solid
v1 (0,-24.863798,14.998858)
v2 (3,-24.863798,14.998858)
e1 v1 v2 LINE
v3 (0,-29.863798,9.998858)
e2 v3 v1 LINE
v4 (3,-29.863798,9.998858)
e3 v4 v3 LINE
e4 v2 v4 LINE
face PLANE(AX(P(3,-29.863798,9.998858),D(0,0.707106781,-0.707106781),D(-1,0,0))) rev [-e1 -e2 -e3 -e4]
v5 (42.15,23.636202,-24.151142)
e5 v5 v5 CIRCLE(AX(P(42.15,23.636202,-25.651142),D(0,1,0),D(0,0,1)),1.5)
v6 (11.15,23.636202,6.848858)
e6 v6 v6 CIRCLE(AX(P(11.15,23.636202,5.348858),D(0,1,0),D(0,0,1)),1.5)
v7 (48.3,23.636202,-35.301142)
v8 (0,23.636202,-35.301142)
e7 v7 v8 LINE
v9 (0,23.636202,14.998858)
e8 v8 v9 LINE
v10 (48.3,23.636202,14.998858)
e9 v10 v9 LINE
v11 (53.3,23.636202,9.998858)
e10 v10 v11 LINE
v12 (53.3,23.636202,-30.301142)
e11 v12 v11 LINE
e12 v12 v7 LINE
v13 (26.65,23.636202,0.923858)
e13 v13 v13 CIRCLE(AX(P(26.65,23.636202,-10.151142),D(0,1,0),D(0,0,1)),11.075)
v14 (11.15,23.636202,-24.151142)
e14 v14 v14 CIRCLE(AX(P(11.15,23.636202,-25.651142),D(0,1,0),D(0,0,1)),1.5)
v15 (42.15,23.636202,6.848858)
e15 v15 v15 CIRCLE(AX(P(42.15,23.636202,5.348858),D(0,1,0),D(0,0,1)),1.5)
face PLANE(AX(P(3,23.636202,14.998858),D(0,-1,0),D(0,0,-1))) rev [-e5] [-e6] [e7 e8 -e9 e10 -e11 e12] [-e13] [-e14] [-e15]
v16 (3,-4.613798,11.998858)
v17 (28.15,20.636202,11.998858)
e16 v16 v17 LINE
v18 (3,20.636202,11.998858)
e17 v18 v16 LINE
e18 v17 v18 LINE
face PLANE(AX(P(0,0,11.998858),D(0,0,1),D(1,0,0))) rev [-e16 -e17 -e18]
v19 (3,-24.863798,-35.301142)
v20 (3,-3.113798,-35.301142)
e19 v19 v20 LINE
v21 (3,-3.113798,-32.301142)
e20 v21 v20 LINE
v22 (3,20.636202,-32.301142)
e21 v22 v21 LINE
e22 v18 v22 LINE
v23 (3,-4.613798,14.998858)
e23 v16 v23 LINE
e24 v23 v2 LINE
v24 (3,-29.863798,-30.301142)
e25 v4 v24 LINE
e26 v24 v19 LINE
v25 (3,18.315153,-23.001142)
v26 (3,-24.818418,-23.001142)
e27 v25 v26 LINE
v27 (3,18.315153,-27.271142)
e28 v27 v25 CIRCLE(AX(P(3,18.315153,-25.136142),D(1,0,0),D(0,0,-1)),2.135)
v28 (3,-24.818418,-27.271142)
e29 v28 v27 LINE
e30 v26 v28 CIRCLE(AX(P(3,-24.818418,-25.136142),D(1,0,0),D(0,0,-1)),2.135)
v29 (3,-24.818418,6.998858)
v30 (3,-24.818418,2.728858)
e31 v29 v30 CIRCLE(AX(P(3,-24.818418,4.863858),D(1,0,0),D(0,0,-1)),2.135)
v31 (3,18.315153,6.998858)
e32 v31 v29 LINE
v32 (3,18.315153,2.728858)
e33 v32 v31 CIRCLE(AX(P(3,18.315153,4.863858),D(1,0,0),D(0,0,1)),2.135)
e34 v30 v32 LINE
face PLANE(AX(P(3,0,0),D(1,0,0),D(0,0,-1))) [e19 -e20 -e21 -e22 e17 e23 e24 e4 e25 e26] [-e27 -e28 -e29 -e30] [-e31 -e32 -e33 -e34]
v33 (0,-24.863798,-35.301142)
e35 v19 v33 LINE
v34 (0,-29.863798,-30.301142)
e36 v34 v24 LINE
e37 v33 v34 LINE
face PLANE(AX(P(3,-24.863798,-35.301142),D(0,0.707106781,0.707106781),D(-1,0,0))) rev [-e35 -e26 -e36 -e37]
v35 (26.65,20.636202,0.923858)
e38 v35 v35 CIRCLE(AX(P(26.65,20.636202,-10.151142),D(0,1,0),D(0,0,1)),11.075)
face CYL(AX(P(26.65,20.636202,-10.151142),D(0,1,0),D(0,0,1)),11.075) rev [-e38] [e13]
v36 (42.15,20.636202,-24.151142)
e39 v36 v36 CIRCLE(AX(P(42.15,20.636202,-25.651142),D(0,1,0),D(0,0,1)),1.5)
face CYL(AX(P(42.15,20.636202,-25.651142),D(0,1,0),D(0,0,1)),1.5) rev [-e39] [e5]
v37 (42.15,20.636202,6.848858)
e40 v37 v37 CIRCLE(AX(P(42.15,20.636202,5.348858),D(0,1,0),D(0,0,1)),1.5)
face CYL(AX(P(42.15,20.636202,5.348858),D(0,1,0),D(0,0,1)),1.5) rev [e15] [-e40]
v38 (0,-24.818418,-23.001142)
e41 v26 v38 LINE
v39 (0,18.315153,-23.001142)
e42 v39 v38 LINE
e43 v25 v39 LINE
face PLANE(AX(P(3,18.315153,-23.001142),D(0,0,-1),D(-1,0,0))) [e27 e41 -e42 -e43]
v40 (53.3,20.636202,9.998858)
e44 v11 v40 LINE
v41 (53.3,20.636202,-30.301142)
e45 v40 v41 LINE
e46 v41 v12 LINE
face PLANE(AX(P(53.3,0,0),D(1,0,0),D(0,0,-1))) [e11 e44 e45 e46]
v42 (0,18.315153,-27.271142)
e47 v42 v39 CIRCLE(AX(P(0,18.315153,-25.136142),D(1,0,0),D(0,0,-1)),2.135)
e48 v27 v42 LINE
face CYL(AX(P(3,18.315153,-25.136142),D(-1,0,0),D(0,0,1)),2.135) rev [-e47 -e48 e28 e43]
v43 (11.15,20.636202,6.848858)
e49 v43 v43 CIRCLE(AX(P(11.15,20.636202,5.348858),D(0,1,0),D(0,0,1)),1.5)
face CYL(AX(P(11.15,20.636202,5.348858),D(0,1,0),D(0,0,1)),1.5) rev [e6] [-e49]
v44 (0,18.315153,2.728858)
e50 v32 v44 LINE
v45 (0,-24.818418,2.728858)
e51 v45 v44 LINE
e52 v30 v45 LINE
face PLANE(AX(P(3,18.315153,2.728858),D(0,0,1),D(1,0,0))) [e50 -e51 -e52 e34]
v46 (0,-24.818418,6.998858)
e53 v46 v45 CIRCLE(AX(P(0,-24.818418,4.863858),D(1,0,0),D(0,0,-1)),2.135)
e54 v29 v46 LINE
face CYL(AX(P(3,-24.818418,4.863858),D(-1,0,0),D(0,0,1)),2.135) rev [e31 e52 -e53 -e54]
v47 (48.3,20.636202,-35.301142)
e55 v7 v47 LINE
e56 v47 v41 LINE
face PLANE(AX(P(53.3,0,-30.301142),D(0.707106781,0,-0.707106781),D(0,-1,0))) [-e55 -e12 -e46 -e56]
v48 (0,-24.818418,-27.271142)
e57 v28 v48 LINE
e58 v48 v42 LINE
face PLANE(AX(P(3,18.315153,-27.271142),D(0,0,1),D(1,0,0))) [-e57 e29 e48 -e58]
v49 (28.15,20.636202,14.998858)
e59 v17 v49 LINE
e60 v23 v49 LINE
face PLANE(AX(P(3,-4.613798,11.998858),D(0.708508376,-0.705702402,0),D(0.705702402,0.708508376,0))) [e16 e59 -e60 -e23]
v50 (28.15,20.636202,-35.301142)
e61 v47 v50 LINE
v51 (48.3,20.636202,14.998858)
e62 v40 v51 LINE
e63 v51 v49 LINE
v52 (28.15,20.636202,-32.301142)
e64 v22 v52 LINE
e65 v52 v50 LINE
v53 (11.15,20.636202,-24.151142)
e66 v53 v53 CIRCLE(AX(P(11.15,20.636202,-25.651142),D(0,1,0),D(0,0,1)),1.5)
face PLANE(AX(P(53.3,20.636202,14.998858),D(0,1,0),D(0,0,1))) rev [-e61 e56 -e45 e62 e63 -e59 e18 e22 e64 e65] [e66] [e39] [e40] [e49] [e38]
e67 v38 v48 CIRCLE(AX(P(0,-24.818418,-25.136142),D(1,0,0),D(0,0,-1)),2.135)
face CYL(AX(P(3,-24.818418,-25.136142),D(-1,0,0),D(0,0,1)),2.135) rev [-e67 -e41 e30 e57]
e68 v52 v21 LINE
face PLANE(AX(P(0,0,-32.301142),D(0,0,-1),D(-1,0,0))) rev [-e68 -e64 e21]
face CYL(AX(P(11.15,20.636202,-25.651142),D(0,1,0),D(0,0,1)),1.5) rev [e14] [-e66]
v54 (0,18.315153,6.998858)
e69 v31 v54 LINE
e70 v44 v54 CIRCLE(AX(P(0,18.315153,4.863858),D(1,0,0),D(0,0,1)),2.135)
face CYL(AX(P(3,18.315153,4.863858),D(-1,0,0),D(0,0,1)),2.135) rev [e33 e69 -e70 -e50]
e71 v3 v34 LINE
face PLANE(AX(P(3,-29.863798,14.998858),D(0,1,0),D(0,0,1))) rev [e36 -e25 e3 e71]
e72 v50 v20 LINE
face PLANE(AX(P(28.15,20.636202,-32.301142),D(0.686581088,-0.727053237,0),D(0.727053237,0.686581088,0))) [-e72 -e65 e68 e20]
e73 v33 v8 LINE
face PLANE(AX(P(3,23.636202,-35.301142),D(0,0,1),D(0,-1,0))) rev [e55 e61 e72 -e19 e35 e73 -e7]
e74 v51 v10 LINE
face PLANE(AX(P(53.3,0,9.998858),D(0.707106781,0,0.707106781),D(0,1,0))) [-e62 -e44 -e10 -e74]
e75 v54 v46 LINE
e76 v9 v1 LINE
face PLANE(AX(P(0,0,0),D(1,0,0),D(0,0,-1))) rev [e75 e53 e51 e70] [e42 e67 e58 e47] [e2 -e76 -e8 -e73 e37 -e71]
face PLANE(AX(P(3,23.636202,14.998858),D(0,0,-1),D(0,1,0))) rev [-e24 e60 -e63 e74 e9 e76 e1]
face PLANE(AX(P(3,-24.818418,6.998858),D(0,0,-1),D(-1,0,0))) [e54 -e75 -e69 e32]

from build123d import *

# Parameters (mm, degrees)
SKETCH1_W           = 50.3
SKETCH1_H           = 53.5
BOSS_EXTRUDE1_DEPTH = 3
SKETCH3_W           = 50.3
SKETCH3_H           = 3
BOSS_EXTRUDE3_DEPTH = 50.3
BOSS_EXTRUDE6_DEPTH = 3
BOSS_EXTRUDE7_DEPTH = 3
SKETCH12_R          = 1.5
SKETCH12_R_2        = 11.075
CUT_EXTRUDE1_DEPTH  = 3
CHAMFER2_SIZE       = 5
CHAMFER3_SIZE       = 5
CHAMFER4_SIZE       = 5
CHAMFER5_SIZE       = 5


with BuildPart() as part:
    # Sketch1 → Boss-Extrude1 (new body)
    with BuildSketch(Plane(origin=(0, 0, 0), x_dir=(0, 0, -1), z_dir=(1, 0, 0))):
        with Locations((10.151141702, -3.113798218)):
            Rectangle(SKETCH1_W, SKETCH1_H)
        with BuildLine():
            Line((-6.998858298, -24.818417552), (-6.998858298, 18.3151534))
            ThreePointArc((-6.998858298, 18.3151534), (-4.863858298, 20.4501534), (-2.728858298, 18.3151534))
            Line((-2.728858298, 18.3151534), (-2.728858298, -24.818417552))
            ThreePointArc((-2.728858298, -24.818417552), (-4.863858298, -26.953417552), (-6.998858298, -24.818417552))
        make_face(mode=Mode.SUBTRACT)
        with BuildLine():
            Line((27.271141702, 18.3151534), (27.271141702, -24.818417552))
            ThreePointArc((27.271141702, -24.818417552), (25.136141702, -26.953417552), (23.001141702, -24.818417552))
            Line((23.001141702, -24.818417552), (23.001141702, 18.3151534))
            ThreePointArc((23.001141702, 18.3151534), (25.136141702, 20.4501534), (27.271141702, 18.3151534))
        make_face(mode=Mode.SUBTRACT)
    extrude(amount=BOSS_EXTRUDE1_DEPTH)

    # Sketch3 → Boss-Extrude3 (add)
    with BuildSketch(Plane(origin=(3, 0, 0), x_dir=(0, 0, -1), z_dir=(1, 0, 0))):
        with Locations((10.151141702, 22.136201782)):
            Rectangle(SKETCH3_W, SKETCH3_H)
    extrude(amount=BOSS_EXTRUDE3_DEPTH)

    # Sketch11 → Boss-Extrude6 (add)
    with BuildSketch(Plane.XY.offset(14.998858298)):
        Polygon((3, 20.636201782), (3, -4.613798218), (28.15, 20.636201782), align=None)
    extrude(amount=-BOSS_EXTRUDE6_DEPTH)

    # Sketch7 → Boss-Extrude7 (add)
    with BuildSketch(Plane(origin=(0, 0, -35.301141702), x_dir=(-1, 0, 0), z_dir=(0, 0, -1))):
        Polygon((-3, 20.636201782), (-28.15, 20.636201782), (-3, -3.113798218), align=None)
    extrude(amount=-BOSS_EXTRUDE7_DEPTH)

    # Sketch12 → Cut-Extrude1 (cut)
    with BuildSketch(Plane(origin=(0, 23.636201782, 0), x_dir=(1, 0, 0), z_dir=(0, 1, 0))):
        with Locations(Location((42.15, 25.651141702, 0), (0, 0, 270))):
            Circle(SKETCH12_R)
        with Locations(Location((42.15, -5.348858298, 0), (0, 0, 270))):
            Circle(SKETCH12_R)
        with Locations(Location((11.15, 25.651141702, 0), (0, 0, 270))):
            Circle(SKETCH12_R)
        with Locations(Location((11.15, -5.348858298, 0), (0, 0, 270))):
            Circle(SKETCH12_R)
        with Locations(Location((26.65, 10.151141702, 0), (0, 0, 270))):
            Circle(SKETCH12_R_2)
    extrude(amount=-CUT_EXTRUDE1_DEPTH, mode=Mode.SUBTRACT)

    # Chamfer2
    chamfer2_edges = [part.edges().sort_by_distance(p)[0] for p in [
        (53.3, 22.136201782, -35.301141702),
    ]]
    chamfer(chamfer2_edges, length=CHAMFER2_SIZE)

    # Chamfer3
    chamfer3_edges = [part.edges().sort_by_distance(p)[0] for p in [
        (53.3, 22.136201782, 14.998858298),
    ]]
    chamfer(chamfer3_edges, length=CHAMFER3_SIZE)

    # Chamfer4
    chamfer4_edges = [part.edges().sort_by_distance(p)[0] for p in [
        (1.5, -29.863798218, 14.998858298),
    ]]
    chamfer(chamfer4_edges, length=CHAMFER4_SIZE)

    # Chamfer5
    chamfer5_edges = [part.edges().sort_by_distance(p)[0] for p in [
        (1.5, -29.863798218, -35.301141702),
    ]]
    chamfer(chamfer5_edges, length=CHAMFER5_SIZE)


solid = part.part
